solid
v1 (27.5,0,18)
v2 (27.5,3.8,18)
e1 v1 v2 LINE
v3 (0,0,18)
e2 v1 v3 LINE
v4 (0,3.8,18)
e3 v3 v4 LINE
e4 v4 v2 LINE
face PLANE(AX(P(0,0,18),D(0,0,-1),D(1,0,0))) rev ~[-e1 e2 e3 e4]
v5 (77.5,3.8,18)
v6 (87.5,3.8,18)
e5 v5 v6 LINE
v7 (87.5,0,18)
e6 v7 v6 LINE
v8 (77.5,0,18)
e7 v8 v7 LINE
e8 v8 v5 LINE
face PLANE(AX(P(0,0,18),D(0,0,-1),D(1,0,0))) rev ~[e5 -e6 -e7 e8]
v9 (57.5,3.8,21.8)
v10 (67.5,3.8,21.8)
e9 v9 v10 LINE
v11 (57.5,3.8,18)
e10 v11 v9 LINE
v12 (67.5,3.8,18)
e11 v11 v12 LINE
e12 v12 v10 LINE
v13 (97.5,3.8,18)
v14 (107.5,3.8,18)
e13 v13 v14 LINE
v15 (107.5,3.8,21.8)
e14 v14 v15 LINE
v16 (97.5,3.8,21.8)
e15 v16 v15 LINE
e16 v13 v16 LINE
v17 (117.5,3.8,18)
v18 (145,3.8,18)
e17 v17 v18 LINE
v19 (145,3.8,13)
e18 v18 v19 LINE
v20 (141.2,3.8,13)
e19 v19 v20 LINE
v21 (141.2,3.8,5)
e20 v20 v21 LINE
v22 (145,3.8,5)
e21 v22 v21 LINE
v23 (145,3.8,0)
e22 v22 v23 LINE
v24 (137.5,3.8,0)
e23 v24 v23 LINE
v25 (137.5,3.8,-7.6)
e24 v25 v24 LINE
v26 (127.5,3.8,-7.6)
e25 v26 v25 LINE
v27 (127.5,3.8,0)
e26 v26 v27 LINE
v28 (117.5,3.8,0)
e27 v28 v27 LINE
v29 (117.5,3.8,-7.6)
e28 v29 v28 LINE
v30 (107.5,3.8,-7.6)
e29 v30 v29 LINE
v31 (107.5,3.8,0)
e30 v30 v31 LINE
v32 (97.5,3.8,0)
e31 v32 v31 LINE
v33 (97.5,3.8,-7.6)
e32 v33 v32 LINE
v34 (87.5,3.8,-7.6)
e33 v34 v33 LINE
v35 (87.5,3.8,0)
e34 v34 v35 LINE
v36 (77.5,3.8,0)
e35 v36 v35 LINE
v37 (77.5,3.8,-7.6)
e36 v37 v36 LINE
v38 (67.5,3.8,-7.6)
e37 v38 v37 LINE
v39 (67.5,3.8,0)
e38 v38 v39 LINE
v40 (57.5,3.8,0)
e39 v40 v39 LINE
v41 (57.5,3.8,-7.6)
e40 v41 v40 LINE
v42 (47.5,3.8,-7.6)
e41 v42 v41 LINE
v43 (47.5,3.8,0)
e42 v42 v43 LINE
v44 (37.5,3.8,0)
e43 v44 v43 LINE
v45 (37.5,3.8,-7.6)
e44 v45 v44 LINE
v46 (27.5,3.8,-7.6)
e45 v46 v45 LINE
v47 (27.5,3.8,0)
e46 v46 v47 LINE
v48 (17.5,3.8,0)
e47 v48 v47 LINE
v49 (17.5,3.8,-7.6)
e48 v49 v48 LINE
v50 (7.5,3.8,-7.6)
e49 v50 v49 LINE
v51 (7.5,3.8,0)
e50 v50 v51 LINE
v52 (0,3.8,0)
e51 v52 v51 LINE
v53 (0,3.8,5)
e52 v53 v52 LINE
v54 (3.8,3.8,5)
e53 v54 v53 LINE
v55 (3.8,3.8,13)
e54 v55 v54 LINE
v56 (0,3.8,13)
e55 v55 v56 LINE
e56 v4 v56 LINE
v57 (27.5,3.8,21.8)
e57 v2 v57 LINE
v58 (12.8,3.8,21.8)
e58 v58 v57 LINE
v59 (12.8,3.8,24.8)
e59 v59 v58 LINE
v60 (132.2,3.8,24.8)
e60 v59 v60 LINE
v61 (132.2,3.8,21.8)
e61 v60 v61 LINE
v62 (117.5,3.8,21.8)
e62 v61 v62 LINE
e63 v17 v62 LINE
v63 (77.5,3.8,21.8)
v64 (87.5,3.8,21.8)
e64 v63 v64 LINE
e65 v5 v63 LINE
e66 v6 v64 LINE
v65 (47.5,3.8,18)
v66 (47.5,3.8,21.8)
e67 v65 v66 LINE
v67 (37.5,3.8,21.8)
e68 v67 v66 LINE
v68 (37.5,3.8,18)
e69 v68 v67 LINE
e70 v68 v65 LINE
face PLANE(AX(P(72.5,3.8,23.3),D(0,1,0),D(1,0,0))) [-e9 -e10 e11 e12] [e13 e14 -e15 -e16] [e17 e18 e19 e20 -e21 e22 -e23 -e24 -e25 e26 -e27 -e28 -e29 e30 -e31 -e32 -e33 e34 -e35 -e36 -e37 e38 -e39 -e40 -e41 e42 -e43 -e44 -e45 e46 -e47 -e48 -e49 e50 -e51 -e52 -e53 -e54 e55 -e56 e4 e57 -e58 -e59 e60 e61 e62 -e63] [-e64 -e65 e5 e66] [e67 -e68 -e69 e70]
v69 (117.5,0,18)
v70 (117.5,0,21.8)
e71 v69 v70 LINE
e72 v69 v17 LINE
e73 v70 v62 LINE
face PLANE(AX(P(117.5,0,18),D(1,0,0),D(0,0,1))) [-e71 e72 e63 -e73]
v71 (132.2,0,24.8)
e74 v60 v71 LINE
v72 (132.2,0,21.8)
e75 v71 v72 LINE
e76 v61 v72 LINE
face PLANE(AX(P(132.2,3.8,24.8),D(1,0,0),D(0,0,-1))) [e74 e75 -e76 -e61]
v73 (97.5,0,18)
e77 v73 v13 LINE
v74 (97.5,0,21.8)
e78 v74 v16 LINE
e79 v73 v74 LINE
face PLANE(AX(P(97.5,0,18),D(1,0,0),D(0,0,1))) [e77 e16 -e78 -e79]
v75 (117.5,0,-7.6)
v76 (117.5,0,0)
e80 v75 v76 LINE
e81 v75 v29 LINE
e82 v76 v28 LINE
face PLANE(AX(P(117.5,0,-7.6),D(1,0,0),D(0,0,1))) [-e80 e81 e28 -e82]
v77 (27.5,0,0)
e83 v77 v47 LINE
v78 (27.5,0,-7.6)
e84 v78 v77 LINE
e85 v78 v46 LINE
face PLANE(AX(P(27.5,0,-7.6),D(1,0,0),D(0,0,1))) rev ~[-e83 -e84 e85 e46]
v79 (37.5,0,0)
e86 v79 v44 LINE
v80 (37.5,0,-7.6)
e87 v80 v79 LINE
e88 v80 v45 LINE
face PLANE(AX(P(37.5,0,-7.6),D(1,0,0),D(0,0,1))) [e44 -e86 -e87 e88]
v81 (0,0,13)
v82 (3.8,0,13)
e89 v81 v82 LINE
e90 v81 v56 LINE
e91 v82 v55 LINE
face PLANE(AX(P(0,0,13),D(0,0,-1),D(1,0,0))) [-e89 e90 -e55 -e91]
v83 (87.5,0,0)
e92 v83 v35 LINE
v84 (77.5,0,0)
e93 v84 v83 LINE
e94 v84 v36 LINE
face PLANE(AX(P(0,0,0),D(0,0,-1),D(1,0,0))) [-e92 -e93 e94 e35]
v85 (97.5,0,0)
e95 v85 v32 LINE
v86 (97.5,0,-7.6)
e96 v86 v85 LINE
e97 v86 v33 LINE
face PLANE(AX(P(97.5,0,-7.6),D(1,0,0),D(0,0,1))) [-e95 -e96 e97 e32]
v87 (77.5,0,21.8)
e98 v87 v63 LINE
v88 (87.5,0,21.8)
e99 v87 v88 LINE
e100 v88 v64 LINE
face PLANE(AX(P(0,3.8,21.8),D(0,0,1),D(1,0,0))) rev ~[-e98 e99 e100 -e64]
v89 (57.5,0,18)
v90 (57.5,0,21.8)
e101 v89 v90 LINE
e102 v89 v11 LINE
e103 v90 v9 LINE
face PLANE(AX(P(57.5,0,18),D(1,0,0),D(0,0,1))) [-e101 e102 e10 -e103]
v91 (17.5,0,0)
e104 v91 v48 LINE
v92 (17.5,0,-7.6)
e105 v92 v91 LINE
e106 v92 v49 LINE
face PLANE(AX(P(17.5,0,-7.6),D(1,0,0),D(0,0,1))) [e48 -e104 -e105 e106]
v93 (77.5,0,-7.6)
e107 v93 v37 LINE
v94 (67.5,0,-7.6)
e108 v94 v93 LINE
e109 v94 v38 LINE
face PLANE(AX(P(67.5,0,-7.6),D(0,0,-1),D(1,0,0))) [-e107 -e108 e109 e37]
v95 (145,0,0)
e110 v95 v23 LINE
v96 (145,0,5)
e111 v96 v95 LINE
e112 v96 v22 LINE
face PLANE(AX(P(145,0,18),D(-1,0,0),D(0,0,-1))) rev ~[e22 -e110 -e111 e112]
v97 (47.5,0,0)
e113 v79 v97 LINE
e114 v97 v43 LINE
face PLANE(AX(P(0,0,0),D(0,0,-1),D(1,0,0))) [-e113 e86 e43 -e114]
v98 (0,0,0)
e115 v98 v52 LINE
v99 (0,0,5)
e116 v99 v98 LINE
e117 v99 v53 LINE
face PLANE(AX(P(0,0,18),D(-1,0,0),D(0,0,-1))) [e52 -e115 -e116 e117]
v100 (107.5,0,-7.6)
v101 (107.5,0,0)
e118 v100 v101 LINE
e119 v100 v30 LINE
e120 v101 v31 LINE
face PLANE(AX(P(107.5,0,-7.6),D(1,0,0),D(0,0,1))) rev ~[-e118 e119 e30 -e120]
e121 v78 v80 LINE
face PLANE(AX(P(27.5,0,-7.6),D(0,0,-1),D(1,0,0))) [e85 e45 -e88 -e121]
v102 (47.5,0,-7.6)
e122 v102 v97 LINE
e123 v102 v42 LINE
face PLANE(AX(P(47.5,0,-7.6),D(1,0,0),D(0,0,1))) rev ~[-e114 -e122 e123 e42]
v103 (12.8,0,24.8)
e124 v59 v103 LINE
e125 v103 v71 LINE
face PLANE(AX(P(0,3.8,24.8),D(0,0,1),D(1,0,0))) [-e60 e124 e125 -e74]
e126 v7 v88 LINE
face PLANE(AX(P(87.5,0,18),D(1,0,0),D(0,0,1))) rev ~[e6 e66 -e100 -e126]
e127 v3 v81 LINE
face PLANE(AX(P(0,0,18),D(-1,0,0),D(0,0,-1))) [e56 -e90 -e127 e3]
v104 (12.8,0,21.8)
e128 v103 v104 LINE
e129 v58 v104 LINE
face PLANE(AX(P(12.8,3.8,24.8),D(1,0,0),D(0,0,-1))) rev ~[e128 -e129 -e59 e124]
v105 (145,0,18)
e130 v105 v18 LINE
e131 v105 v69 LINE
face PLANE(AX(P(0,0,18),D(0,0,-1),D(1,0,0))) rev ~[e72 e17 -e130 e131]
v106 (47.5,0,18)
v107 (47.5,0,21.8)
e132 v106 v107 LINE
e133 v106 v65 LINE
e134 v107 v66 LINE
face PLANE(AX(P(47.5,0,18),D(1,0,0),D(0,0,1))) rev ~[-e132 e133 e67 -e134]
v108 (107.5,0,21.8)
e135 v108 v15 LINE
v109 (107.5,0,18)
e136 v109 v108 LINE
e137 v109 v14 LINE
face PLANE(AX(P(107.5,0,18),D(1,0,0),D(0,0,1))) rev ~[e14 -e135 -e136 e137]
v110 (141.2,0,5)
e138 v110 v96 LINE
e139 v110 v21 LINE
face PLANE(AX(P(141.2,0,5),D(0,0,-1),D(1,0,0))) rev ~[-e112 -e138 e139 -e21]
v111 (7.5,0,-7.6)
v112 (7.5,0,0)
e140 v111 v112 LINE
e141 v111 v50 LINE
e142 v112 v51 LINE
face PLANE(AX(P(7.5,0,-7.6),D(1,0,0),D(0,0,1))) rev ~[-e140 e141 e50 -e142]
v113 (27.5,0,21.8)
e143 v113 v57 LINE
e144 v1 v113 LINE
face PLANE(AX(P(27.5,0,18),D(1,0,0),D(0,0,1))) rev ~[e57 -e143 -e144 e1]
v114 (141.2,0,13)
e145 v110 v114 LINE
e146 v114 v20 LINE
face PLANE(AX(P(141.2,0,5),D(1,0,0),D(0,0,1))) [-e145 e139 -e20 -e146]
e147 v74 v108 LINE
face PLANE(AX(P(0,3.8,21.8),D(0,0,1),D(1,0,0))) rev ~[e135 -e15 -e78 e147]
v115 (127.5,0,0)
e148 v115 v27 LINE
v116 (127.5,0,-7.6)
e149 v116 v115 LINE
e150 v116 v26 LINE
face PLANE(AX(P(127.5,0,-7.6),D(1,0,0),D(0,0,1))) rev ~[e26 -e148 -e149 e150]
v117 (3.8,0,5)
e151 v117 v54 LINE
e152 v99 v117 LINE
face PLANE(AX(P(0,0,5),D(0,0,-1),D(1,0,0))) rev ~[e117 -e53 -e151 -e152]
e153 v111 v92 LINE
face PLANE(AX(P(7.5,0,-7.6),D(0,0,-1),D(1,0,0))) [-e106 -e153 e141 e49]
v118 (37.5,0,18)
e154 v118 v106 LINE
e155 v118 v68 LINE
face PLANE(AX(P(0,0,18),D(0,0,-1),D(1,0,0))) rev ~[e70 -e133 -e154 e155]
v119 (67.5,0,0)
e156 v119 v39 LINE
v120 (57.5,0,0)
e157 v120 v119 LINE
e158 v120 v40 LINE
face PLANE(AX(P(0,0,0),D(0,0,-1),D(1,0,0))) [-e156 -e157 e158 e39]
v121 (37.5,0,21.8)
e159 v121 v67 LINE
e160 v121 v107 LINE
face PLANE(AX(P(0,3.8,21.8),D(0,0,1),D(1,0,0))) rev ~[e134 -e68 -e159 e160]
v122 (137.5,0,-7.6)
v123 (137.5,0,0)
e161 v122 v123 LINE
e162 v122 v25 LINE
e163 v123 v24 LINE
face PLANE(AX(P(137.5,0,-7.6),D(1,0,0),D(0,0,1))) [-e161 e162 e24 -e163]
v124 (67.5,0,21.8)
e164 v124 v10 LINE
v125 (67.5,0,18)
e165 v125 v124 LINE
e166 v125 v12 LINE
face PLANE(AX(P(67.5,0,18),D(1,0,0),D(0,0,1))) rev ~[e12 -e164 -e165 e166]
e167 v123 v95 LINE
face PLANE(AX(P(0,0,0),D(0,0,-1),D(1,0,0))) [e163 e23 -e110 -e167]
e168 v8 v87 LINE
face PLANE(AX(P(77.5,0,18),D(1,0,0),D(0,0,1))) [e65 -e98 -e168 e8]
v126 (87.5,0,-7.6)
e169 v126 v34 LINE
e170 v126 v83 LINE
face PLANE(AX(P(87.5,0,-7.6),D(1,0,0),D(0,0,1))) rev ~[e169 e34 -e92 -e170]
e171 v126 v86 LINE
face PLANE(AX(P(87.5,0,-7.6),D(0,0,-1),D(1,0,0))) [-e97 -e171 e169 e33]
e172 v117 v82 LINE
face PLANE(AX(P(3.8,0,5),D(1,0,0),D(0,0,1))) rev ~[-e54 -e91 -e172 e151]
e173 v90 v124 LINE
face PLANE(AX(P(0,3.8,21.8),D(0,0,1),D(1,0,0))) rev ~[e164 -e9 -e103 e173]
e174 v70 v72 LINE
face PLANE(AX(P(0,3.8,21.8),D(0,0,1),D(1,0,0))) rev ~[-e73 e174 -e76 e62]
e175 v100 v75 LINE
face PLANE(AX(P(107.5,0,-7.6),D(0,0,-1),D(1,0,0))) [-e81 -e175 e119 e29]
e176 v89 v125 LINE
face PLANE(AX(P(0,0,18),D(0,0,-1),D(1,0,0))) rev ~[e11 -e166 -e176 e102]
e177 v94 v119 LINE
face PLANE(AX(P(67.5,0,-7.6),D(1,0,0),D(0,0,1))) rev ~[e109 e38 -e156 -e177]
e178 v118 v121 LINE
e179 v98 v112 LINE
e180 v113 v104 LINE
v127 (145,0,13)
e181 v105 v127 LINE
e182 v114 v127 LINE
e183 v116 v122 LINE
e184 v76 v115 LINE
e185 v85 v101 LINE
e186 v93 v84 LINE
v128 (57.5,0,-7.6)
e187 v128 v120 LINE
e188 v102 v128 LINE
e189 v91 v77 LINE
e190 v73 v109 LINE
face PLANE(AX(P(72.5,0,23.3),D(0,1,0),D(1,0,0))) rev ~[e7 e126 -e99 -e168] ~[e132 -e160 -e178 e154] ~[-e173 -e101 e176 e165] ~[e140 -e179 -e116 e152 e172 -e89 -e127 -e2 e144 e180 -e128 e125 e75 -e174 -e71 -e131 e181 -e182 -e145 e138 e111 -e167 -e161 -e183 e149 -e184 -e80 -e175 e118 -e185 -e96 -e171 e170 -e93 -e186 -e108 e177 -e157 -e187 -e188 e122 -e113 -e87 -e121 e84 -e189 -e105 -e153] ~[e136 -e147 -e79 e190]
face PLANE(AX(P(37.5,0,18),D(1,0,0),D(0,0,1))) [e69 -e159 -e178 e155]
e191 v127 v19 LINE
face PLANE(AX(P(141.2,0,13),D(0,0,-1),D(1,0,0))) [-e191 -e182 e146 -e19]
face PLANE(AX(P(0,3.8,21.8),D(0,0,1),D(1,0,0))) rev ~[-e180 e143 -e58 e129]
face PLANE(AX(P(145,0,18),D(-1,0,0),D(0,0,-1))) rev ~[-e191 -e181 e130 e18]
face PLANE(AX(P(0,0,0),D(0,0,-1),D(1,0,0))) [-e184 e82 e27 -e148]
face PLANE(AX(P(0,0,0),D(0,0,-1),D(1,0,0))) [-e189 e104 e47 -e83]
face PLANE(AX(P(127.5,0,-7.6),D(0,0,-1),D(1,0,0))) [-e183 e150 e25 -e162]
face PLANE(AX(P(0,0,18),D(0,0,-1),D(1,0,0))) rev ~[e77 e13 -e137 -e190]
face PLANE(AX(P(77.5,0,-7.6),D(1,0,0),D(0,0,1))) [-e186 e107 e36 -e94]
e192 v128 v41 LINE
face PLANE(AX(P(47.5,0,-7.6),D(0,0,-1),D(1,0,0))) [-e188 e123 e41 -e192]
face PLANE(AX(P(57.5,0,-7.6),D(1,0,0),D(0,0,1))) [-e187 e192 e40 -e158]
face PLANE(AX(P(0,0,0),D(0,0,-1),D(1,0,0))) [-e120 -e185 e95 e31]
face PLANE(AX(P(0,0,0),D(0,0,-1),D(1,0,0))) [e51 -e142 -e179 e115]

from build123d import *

# Parameters (mm, degrees)
SKETCH1_W           = 145
SKETCH1_H           = 18
BOSS_EXTRUDE1_DEPTH = 3.8
SKETCH2_W           = 10
SKETCH2_H           = 3.8
SKETCH2_H_2         = 7.6
BOSS_EXTRUDE2_DEPTH = 3.8
LPATTERN1_COUNT     = 4
LPATTERN1_PITCH     = 20
LPATTERN1_COL_COUNT = 4
LPATTERN1_COL_PITCH = 20
SKETCH3_W           = 145
SKETCH3_H           = 3
BOSS_EXTRUDE3_DEPTH = 3.8
SKETCH4_W           = 10
SKETCH4_H           = 3.8
CUT_EXTRUDE1_DEPTH  = 148.154612568
SKETCH5_W           = 12.8
SKETCH5_H           = 3
CUT_EXTRUDE2_DEPTH  = 148.154612568
SKETCH6_W           = 3.8
SKETCH6_H           = 8
CUT_EXTRUDE3_DEPTH  = 148.154612568


with BuildPart() as part:
    # Sketch1 → Boss-Extrude1 (new body)
    with BuildSketch(Plane(origin=(0, 0, 0), x_dir=(1, 0, 0), z_dir=(0, 1, 0))):
        with Locations((72.5, -9)):
            Rectangle(SKETCH1_W, SKETCH1_H)
    extrude(amount=BOSS_EXTRUDE1_DEPTH)

    # Sketch2 → Boss-Extrude2 (add, through all)
    with BuildSketch(Plane.XZ):
        with Locations((72.5, 19.9)):
            Rectangle(SKETCH2_W, SKETCH2_H)
        with Locations((72.5, -3.8)):
            Rectangle(SKETCH2_W, SKETCH2_H_2)
    boss_extrude2 = extrude(amount=-BOSS_EXTRUDE2_DEPTH)

    # LPattern1: Boss-Extrude2 ×4
    with Locations(*[(i * LPATTERN1_PITCH, 0, 0) for i in range(1, LPATTERN1_COUNT)]):
        add(boss_extrude2)

    # LPattern1 col: Boss-Extrude2 ×4
    with Locations(*[(-i * LPATTERN1_COL_PITCH, 0, 0) for i in range(1, LPATTERN1_COL_COUNT)]):
        add(boss_extrude2)

    # Sketch3 → Boss-Extrude3 (add, through all)
    with BuildSketch(Plane(origin=(0, 3.8, 0), x_dir=(1, 0, 0), z_dir=(0, 1, 0))):
        with Locations((72.5, -23.3)):
            Rectangle(SKETCH3_W, SKETCH3_H)
    extrude(amount=-BOSS_EXTRUDE3_DEPTH)

    # Sketch4 → Cut-Extrude1 (cut, through all)
    with BuildSketch(Plane(origin=(0, 3.8, 0), x_dir=(1, 0, 0), z_dir=(0, 1, 0))):
        with Locations((12.5, -19.9)):
            Rectangle(SKETCH4_W, SKETCH4_H)
        with Locations((132.5, -19.9)):
            Rectangle(SKETCH4_W, SKETCH4_H)
    extrude(amount=-CUT_EXTRUDE1_DEPTH, mode=Mode.SUBTRACT)

    # Sketch5 → Cut-Extrude2 (cut, through all)
    with BuildSketch(Plane(origin=(0, 3.8, 0), x_dir=(1, 0, 0), z_dir=(0, 1, 0))):
        with Locations((6.4, -23.3)):
            Rectangle(SKETCH5_W, SKETCH5_H)
        with Locations((138.6, -23.3)):
            Rectangle(SKETCH5_W, SKETCH5_H)
    extrude(amount=-CUT_EXTRUDE2_DEPTH, mode=Mode.SUBTRACT)

    # Sketch6 → Cut-Extrude3 (cut, through all)
    with BuildSketch(Plane.XZ):
        with Locations((1.9, 9)):
            Rectangle(SKETCH6_W, SKETCH6_H)
        with Locations((143.1, 9)):
            Rectangle(SKETCH6_W, SKETCH6_H)
    extrude(amount=-CUT_EXTRUDE3_DEPTH, mode=Mode.SUBTRACT)


solid = part.part
